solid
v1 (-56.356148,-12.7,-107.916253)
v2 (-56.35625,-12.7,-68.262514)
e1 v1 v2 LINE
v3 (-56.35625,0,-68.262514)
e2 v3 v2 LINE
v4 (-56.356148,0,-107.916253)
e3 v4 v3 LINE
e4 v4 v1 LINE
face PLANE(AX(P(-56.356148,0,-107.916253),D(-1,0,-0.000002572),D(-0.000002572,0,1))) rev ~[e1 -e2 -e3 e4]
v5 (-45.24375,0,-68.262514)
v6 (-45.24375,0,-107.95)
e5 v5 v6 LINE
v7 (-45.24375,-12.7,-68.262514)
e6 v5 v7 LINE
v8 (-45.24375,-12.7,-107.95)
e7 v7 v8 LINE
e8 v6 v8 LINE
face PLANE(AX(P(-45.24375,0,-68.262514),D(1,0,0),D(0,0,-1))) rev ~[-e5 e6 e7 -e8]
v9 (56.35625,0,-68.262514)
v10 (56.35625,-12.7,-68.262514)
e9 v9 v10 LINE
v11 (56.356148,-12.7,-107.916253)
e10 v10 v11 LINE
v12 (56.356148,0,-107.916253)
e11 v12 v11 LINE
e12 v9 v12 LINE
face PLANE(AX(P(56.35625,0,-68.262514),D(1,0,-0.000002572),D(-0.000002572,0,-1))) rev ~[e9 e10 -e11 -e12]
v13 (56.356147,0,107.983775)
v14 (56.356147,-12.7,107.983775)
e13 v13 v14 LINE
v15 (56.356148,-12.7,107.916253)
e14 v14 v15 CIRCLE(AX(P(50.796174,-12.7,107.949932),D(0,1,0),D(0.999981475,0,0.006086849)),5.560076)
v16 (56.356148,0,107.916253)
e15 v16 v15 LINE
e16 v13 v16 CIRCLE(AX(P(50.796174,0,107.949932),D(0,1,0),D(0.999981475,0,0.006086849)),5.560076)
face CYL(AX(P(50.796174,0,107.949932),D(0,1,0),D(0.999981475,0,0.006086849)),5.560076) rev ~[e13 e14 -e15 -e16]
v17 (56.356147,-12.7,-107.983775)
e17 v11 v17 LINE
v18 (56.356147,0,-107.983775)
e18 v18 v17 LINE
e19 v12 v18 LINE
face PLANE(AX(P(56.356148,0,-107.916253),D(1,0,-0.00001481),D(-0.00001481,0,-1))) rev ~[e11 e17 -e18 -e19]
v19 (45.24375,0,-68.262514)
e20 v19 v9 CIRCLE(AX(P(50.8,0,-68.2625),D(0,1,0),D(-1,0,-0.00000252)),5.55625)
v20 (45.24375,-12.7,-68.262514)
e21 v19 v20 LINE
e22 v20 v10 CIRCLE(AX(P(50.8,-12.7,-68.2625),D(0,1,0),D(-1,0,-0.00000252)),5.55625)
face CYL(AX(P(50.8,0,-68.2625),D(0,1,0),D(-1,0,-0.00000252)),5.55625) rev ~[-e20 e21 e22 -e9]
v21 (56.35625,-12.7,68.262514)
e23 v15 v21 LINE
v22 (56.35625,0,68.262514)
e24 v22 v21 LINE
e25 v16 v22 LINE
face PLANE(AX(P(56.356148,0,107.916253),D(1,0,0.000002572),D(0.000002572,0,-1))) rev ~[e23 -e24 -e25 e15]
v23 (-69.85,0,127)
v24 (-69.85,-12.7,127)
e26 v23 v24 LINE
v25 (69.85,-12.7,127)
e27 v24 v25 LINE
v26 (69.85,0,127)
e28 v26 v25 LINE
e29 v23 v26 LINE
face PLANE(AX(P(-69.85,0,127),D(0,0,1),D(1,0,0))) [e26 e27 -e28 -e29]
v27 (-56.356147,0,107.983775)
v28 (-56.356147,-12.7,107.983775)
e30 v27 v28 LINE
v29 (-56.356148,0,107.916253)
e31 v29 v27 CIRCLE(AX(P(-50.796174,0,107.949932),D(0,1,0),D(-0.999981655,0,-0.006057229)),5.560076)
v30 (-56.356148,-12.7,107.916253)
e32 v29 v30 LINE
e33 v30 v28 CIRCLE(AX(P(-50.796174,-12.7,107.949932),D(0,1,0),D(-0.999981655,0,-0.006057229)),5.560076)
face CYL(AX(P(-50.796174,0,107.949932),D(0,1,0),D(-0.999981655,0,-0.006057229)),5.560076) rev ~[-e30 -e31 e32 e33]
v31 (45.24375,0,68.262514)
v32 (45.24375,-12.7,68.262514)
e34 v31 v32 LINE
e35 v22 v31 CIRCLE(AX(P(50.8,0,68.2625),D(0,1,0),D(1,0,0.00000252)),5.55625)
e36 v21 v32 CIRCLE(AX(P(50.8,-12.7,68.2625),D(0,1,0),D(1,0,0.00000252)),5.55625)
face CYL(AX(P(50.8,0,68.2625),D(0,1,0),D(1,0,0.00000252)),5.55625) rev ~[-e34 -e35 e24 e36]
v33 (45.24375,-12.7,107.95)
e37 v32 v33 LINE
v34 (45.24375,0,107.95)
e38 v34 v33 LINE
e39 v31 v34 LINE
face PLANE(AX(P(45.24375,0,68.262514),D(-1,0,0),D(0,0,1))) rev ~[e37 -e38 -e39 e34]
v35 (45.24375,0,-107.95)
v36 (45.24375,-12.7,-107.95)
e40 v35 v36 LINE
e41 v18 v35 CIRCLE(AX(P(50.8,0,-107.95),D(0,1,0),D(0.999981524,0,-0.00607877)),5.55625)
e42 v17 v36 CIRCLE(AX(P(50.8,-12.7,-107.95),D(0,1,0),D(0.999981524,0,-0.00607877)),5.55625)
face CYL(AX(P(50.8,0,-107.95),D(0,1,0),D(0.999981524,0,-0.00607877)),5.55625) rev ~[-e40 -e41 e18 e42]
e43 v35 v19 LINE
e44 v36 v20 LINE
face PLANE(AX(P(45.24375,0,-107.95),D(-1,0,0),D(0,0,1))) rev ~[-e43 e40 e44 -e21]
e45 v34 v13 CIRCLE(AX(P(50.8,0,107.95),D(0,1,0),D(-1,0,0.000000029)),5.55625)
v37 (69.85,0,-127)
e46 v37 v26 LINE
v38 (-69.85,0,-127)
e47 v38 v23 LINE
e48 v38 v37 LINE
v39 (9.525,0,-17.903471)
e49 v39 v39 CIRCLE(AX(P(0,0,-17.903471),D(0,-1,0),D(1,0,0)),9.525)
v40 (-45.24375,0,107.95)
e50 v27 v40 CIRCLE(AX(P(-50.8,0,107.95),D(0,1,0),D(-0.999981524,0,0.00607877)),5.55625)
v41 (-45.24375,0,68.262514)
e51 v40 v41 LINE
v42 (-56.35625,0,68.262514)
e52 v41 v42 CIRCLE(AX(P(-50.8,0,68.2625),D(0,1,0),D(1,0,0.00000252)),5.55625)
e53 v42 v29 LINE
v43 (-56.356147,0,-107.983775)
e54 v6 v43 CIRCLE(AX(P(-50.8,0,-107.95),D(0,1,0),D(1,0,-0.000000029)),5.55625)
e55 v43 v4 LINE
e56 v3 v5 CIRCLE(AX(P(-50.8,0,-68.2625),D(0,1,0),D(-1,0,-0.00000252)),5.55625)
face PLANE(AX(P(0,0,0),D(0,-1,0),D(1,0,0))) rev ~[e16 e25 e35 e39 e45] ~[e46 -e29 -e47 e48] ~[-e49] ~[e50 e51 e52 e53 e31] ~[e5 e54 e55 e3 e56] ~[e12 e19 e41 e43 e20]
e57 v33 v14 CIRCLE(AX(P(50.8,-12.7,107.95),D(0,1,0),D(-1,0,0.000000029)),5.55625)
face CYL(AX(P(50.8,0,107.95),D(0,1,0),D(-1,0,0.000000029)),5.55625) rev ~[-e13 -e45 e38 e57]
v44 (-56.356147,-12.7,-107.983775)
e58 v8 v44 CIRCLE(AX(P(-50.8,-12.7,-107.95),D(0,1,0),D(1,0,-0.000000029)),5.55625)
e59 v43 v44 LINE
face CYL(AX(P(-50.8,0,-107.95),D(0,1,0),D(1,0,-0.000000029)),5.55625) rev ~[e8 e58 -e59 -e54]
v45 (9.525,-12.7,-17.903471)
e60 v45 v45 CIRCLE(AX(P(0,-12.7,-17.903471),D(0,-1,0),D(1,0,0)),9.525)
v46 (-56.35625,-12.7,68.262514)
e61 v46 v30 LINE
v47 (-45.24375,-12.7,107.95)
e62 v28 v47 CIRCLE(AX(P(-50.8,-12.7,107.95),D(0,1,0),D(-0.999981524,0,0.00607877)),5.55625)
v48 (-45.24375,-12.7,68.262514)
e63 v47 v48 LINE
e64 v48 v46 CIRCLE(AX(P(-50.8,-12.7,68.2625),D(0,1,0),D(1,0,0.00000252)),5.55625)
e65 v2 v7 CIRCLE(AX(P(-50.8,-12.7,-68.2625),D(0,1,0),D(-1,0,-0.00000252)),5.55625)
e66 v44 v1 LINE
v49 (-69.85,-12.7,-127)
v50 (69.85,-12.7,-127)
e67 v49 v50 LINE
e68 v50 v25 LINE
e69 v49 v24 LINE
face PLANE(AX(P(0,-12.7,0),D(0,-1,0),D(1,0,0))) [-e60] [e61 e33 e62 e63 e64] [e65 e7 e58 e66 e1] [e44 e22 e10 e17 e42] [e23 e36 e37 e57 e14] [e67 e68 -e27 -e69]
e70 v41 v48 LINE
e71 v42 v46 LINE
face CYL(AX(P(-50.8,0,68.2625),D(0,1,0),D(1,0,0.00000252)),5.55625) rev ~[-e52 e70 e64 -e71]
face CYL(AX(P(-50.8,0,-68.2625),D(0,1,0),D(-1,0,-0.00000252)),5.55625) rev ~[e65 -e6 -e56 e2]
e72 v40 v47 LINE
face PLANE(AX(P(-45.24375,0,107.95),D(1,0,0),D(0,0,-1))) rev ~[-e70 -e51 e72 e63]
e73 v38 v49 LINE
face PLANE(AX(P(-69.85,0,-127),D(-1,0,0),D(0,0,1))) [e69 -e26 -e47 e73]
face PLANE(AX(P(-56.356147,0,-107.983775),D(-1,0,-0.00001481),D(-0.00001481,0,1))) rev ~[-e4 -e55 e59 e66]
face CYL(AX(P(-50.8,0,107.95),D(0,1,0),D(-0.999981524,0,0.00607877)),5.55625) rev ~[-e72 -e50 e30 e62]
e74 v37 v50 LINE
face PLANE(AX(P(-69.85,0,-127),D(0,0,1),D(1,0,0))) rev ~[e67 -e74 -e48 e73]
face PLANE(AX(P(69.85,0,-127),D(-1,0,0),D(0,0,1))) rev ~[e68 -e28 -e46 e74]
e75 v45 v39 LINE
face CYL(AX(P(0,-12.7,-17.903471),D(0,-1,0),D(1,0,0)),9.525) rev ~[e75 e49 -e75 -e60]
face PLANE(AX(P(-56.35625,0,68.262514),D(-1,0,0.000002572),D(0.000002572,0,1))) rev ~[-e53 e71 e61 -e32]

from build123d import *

# Parameters (mm, degrees)
F0_W     = 139.7
F0_H     = 254
F1_DEPTH = 12.7
F2_R     = 9.525
F3_DEPTH = 25.4


with BuildPart() as f1:
    # F0 (on Front) → F1 (new body)
    with BuildSketch(Plane.XZ):
        Rectangle(F0_W, F0_H)
        with BuildLine():
            Line((-56.356148, -107.916253), (-56.35625, -68.262514))
            ThreePointArc((-56.35625, -68.262514), (-50.8, -62.70625), (-45.24375, -68.262514))
            Line((-45.24375, -68.262514), (-45.24375, -107.95))
            ThreePointArc((-45.24375, -107.95), (-50.783112, -113.506224), (-56.356147, -107.983775))
            Line((-56.356147, -107.983775), (-56.356148, -107.916253))
        make_face(mode=Mode.SUBTRACT)
        with BuildLine():
            ThreePointArc((45.24375, -68.262514), (50.8, -62.70625), (56.35625, -68.262514))
            Line((56.35625, -68.262514), (56.356148, -107.916253))
            Line((56.356148, -107.916253), (56.356147, -107.983775))
            ThreePointArc((56.356147, -107.983775), (50.783112, -113.506224), (45.24375, -107.95))
            Line((45.24375, -107.95), (45.24375, -68.262514))
        make_face(mode=Mode.SUBTRACT)
        with BuildLine():
            ThreePointArc((-56.356147, 107.983775), (-50.783112, 113.506224), (-45.24375, 107.95))
            Line((-45.24375, 107.95), (-45.24375, 68.262514))
            ThreePointArc((-45.24375, 68.262514), (-50.8, 62.70625), (-56.35625, 68.262514))
            Line((-56.35625, 68.262514), (-56.356148, 107.916253))
            ThreePointArc((-56.356148, 107.916253), (-56.35625, 107.950014), (-56.356147, 107.983775))
        make_face(mode=Mode.SUBTRACT)
        with BuildLine():
            Line((45.24375, 68.262514), (45.24375, 107.95))
            ThreePointArc((45.24375, 107.95), (50.783112, 113.506224), (56.356147, 107.983775))
            ThreePointArc((56.356147, 107.983775), (56.35625, 107.950014), (56.356148, 107.916253))
            Line((56.356148, 107.916253), (56.35625, 68.262514))
            ThreePointArc((56.35625, 68.262514), (50.8, 62.70625), (45.24375, 68.262514))
        make_face(mode=Mode.SUBTRACT)
    extrude(amount=F1_DEPTH)

    # F2 (on face) → F3 (cut)
    with BuildSketch(Plane.XZ.offset(12.7)):
        with Locations((0, -17.903471)):
            Circle(F2_R)
    extrude(amount=-F3_DEPTH, mode=Mode.SUBTRACT)


solid = f1.part
